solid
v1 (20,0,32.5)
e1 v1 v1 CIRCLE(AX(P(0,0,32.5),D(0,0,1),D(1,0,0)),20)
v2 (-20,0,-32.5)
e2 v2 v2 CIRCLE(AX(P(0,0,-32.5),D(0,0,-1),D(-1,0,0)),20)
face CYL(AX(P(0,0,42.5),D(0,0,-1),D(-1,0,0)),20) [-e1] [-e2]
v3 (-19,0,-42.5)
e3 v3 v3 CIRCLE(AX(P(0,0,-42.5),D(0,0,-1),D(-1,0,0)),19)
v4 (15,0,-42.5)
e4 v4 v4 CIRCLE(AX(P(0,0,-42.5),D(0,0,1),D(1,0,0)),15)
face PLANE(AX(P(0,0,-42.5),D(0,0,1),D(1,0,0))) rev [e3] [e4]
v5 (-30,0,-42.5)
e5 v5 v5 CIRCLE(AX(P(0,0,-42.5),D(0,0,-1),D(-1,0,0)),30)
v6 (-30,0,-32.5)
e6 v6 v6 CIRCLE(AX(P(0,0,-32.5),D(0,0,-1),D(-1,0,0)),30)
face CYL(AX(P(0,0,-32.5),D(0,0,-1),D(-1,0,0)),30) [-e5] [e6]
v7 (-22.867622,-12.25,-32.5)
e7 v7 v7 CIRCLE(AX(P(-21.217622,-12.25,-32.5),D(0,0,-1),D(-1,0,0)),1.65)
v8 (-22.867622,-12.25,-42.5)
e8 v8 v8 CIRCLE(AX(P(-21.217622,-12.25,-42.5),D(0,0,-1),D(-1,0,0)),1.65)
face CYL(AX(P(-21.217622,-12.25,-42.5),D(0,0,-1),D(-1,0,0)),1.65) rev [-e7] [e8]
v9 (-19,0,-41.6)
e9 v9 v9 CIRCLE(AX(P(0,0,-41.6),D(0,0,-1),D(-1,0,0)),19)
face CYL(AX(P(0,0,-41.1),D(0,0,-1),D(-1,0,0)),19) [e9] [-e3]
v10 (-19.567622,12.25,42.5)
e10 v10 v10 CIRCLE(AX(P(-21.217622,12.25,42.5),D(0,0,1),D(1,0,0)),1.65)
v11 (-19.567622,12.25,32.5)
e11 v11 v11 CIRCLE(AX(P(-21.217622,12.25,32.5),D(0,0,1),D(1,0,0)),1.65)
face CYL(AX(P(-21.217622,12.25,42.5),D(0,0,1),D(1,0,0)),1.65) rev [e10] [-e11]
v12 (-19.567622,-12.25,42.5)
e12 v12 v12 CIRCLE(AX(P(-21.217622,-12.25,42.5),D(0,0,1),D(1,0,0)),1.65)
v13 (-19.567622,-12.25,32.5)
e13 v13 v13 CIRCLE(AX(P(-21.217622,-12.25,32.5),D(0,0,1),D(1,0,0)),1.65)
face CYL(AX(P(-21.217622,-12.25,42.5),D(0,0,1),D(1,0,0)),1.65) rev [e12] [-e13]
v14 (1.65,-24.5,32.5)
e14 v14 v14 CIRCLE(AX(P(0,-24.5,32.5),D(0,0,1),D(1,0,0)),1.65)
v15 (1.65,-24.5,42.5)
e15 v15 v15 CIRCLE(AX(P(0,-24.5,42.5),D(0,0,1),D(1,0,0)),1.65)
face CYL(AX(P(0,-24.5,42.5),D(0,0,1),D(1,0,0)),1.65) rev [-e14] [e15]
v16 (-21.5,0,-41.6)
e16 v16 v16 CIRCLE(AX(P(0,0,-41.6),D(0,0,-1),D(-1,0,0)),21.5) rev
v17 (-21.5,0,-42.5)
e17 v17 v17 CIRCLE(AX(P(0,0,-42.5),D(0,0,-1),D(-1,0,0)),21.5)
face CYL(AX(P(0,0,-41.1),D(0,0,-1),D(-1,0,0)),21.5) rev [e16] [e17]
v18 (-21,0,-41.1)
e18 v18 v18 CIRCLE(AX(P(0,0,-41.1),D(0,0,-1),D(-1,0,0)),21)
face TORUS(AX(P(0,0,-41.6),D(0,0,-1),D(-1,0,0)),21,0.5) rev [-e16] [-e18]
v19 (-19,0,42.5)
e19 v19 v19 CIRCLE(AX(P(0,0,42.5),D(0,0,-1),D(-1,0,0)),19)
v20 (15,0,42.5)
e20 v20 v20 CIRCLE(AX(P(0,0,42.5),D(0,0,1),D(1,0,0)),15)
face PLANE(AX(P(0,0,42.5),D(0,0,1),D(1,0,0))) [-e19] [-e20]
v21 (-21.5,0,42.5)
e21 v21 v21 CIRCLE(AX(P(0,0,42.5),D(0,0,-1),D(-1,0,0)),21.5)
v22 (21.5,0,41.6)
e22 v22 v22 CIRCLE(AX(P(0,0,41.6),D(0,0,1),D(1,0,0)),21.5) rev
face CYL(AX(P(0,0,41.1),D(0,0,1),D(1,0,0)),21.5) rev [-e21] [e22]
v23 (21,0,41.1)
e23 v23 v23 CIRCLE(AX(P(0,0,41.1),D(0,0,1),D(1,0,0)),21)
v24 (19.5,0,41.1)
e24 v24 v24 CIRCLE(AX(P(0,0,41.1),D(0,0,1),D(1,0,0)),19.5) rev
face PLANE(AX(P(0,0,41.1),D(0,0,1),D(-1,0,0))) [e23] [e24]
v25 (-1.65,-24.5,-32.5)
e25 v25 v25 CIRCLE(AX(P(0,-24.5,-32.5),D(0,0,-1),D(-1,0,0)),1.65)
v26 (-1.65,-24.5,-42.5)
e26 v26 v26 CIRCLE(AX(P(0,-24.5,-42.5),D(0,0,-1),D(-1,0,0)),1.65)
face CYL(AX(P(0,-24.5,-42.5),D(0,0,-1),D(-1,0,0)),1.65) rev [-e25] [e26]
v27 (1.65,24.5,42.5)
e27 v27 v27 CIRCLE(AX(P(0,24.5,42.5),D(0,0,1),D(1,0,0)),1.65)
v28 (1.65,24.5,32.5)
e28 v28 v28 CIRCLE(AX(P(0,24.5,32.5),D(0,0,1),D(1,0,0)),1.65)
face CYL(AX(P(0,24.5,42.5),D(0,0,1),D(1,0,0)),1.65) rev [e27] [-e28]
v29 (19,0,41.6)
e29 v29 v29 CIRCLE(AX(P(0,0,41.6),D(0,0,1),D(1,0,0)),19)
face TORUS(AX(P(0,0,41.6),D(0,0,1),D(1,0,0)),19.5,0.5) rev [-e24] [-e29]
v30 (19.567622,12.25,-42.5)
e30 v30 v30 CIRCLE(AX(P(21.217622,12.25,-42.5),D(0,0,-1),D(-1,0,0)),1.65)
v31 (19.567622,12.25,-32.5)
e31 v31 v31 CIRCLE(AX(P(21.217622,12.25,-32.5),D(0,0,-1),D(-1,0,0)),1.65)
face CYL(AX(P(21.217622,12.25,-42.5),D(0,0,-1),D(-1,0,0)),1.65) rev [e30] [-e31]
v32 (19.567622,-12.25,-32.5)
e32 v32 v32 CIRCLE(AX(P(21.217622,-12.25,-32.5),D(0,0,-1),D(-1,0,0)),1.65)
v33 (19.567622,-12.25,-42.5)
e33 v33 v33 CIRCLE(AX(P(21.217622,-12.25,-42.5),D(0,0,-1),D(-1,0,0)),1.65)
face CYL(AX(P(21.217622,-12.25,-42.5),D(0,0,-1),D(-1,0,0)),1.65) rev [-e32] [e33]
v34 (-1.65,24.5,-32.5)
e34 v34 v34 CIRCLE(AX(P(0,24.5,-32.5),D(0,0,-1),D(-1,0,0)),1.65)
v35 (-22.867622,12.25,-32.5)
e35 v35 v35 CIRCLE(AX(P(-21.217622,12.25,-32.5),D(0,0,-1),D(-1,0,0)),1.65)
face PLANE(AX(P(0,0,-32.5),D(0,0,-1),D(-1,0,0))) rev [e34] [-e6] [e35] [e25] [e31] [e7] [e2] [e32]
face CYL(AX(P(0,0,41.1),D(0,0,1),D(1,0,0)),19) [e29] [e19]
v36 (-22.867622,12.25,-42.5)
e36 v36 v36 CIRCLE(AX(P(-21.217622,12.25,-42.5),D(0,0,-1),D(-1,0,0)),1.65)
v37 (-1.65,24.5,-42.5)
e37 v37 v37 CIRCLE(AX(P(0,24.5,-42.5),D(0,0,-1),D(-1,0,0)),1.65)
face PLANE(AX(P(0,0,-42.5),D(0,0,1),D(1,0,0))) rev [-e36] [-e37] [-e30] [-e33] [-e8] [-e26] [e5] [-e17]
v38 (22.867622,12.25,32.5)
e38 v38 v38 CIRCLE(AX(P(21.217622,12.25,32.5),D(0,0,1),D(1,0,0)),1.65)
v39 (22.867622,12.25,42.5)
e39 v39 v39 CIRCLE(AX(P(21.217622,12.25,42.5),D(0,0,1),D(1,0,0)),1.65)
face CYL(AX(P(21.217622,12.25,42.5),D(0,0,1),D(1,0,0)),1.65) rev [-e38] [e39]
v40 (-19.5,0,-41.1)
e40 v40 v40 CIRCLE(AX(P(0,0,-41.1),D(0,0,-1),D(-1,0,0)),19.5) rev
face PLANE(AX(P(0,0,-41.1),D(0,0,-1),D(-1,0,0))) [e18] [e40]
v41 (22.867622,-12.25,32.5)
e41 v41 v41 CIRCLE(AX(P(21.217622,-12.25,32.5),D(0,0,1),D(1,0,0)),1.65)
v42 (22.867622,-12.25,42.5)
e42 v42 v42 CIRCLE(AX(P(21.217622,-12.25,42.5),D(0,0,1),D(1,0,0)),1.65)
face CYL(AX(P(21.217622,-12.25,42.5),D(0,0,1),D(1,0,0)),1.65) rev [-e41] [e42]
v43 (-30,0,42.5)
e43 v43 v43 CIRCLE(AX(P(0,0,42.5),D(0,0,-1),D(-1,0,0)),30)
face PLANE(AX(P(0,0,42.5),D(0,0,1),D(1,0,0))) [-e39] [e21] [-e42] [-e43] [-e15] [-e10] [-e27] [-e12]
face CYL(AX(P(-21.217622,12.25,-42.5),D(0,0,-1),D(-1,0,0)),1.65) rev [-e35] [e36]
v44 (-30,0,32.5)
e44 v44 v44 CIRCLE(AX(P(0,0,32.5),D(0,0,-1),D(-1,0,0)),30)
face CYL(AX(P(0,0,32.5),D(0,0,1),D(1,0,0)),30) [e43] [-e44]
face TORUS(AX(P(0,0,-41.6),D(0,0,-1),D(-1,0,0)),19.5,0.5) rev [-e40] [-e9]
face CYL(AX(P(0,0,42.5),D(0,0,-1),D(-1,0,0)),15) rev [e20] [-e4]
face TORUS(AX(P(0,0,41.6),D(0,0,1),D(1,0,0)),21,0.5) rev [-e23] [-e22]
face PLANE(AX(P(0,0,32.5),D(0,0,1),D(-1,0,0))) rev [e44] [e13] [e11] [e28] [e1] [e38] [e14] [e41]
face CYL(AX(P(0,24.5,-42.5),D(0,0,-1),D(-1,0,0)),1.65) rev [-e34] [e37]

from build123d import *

# Parameters (mm, degrees)
SKETCH1_R            = 20
SKETCH1_R_2          = 15
BOSS_EXTRUDE1_DEPTH  = 42.5
BOSS_EXTRUDE2_START  = -10
SKETCH2_R            = 30
SKETCH2_R_2          = 20
BOSS_EXTRUDE2_DEPTH  = 10
M4_TAPPED_HOLE1_D    = 3.3
CIRPATTERN1_COUNT    = 6
SKETCH5_R            = 21.5
SKETCH5_R_2          = 19
CUT_EXTRUDE1_DEPTH   = 1.4
FILLET1_R            = 0.5
MIRROR1_COPY_1_D     = 3.3
MIRROR1_COPY_2_D     = 3.3
MIRROR1_COPY_3_D     = 3.3
MIRROR1_COPY_4_D     = 3.3
MIRROR1_COPY_5_D     = 3.3
FILLET1_OF_MIRROR1_R = 0.5


with BuildPart() as part:
    # Sketch1 → Boss-Extrude1 (new, symmetric)
    with BuildSketch(Plane.XY):
        Circle(SKETCH1_R)
        Circle(SKETCH1_R_2, mode=Mode.SUBTRACT)
    extrude(amount=BOSS_EXTRUDE1_DEPTH, both=True)

    # Sketch2 → Boss-Extrude2 (add)
    with BuildSketch(Plane(origin=(0, 0, -42.5), x_dir=(-1, 0, 0), z_dir=(0, 0, -1)).offset(BOSS_EXTRUDE2_START)):
        Circle(SKETCH2_R)
        Circle(SKETCH2_R_2, mode=Mode.SUBTRACT)
    boss_extrude2 = extrude(amount=BOSS_EXTRUDE2_DEPTH)

    # M4 Tapped Hole1 (through all)
    with Locations(Plane(origin=(0, 0, -42.5), x_dir=(-1, 0, 0), z_dir=(0, 0, -1))):
        with Locations((0, 24.5)):
            m4_tapped_hole1 = Hole(M4_TAPPED_HOLE1_D / 2)

    # CirPattern1: M4 Tapped Hole1 ×6 about axis
    cirpattern1_axis = Axis((0, 0, 0), (0, 0, 1))
    for i in range(1, CIRPATTERN1_COUNT):
        add(m4_tapped_hole1.rotate(cirpattern1_axis, i * 360 / CIRPATTERN1_COUNT), mode=Mode.SUBTRACT)

    # Sketch5 → Cut-Extrude1 (cut)
    with BuildSketch(Plane(origin=(0, 0, -42.5), x_dir=(-1, 0, 0), z_dir=(0, 0, -1))):
        Circle(SKETCH5_R)
        Circle(SKETCH5_R_2, mode=Mode.SUBTRACT)
    cut_extrude1 = extrude(amount=-CUT_EXTRUDE1_DEPTH, mode=Mode.SUBTRACT)

    # Fillet1
    fillet1_edges = [part.edges().sort_by_distance(p)[0] for p in [
        (21.5, 0, -41.1),
        (19, 0, -41.1),
    ]]
    fillet(fillet1_edges, radius=FILLET1_R)

    # Mirror1: Boss-Extrude2, M4 Tapped Hole1, Cut-Extrude1 across plane
    add(boss_extrude2.mirror(Plane.XY))
    add(m4_tapped_hole1.mirror(Plane.XY), mode=Mode.SUBTRACT)
    add(cut_extrude1.mirror(Plane.XY), mode=Mode.SUBTRACT)

    # Mirror1 copy 1 (through all)
    with Locations(Plane(origin=(0, 0, 42.5), x_dir=(-0.5000000000000001, -0.8660254037844386, 0), z_dir=(0, 0, 1))):
        with Locations((0, -24.5)):
            Hole(MIRROR1_COPY_1_D / 2)

    # Mirror1 copy 2 (through all)
    with Locations(Plane(origin=(0, 0, 42.5), x_dir=(0.4999999999999998, -0.8660254037844387, 0), z_dir=(0, 0, 1))):
        with Locations((0, -24.5)):
            Hole(MIRROR1_COPY_2_D / 2)

    # Mirror1 copy 3 (through all)
    with Locations(Plane.XY.offset(42.5)):
        with Locations((0, -24.5)):
            Hole(MIRROR1_COPY_3_D / 2)

    # Mirror1 copy 4 (through all)
    with Locations(Plane(origin=(0, 0, 42.5), x_dir=(0.5000000000000004, 0.8660254037844384, 0), z_dir=(0, 0, 1))):
        with Locations((0, -24.5)):
            Hole(MIRROR1_COPY_4_D / 2)

    # Mirror1 copy 5 (through all)
    with Locations(Plane(origin=(0, 0, 42.5), x_dir=(-0.5000000000000001, 0.8660254037844386, 0), z_dir=(0, 0, 1))):
        with Locations((0, -24.5)):
            Hole(MIRROR1_COPY_5_D / 2)

    # Fillet1 of Mirror1
    fillet1_of_mirror1_edges = [part.edges().sort_by_distance(p)[0] for p in [
        (21.5, 0, 41.1),
        (19, 0, 41.1),
    ]]
    fillet(fillet1_of_mirror1_edges, radius=FILLET1_OF_MIRROR1_R)


solid = part.part
